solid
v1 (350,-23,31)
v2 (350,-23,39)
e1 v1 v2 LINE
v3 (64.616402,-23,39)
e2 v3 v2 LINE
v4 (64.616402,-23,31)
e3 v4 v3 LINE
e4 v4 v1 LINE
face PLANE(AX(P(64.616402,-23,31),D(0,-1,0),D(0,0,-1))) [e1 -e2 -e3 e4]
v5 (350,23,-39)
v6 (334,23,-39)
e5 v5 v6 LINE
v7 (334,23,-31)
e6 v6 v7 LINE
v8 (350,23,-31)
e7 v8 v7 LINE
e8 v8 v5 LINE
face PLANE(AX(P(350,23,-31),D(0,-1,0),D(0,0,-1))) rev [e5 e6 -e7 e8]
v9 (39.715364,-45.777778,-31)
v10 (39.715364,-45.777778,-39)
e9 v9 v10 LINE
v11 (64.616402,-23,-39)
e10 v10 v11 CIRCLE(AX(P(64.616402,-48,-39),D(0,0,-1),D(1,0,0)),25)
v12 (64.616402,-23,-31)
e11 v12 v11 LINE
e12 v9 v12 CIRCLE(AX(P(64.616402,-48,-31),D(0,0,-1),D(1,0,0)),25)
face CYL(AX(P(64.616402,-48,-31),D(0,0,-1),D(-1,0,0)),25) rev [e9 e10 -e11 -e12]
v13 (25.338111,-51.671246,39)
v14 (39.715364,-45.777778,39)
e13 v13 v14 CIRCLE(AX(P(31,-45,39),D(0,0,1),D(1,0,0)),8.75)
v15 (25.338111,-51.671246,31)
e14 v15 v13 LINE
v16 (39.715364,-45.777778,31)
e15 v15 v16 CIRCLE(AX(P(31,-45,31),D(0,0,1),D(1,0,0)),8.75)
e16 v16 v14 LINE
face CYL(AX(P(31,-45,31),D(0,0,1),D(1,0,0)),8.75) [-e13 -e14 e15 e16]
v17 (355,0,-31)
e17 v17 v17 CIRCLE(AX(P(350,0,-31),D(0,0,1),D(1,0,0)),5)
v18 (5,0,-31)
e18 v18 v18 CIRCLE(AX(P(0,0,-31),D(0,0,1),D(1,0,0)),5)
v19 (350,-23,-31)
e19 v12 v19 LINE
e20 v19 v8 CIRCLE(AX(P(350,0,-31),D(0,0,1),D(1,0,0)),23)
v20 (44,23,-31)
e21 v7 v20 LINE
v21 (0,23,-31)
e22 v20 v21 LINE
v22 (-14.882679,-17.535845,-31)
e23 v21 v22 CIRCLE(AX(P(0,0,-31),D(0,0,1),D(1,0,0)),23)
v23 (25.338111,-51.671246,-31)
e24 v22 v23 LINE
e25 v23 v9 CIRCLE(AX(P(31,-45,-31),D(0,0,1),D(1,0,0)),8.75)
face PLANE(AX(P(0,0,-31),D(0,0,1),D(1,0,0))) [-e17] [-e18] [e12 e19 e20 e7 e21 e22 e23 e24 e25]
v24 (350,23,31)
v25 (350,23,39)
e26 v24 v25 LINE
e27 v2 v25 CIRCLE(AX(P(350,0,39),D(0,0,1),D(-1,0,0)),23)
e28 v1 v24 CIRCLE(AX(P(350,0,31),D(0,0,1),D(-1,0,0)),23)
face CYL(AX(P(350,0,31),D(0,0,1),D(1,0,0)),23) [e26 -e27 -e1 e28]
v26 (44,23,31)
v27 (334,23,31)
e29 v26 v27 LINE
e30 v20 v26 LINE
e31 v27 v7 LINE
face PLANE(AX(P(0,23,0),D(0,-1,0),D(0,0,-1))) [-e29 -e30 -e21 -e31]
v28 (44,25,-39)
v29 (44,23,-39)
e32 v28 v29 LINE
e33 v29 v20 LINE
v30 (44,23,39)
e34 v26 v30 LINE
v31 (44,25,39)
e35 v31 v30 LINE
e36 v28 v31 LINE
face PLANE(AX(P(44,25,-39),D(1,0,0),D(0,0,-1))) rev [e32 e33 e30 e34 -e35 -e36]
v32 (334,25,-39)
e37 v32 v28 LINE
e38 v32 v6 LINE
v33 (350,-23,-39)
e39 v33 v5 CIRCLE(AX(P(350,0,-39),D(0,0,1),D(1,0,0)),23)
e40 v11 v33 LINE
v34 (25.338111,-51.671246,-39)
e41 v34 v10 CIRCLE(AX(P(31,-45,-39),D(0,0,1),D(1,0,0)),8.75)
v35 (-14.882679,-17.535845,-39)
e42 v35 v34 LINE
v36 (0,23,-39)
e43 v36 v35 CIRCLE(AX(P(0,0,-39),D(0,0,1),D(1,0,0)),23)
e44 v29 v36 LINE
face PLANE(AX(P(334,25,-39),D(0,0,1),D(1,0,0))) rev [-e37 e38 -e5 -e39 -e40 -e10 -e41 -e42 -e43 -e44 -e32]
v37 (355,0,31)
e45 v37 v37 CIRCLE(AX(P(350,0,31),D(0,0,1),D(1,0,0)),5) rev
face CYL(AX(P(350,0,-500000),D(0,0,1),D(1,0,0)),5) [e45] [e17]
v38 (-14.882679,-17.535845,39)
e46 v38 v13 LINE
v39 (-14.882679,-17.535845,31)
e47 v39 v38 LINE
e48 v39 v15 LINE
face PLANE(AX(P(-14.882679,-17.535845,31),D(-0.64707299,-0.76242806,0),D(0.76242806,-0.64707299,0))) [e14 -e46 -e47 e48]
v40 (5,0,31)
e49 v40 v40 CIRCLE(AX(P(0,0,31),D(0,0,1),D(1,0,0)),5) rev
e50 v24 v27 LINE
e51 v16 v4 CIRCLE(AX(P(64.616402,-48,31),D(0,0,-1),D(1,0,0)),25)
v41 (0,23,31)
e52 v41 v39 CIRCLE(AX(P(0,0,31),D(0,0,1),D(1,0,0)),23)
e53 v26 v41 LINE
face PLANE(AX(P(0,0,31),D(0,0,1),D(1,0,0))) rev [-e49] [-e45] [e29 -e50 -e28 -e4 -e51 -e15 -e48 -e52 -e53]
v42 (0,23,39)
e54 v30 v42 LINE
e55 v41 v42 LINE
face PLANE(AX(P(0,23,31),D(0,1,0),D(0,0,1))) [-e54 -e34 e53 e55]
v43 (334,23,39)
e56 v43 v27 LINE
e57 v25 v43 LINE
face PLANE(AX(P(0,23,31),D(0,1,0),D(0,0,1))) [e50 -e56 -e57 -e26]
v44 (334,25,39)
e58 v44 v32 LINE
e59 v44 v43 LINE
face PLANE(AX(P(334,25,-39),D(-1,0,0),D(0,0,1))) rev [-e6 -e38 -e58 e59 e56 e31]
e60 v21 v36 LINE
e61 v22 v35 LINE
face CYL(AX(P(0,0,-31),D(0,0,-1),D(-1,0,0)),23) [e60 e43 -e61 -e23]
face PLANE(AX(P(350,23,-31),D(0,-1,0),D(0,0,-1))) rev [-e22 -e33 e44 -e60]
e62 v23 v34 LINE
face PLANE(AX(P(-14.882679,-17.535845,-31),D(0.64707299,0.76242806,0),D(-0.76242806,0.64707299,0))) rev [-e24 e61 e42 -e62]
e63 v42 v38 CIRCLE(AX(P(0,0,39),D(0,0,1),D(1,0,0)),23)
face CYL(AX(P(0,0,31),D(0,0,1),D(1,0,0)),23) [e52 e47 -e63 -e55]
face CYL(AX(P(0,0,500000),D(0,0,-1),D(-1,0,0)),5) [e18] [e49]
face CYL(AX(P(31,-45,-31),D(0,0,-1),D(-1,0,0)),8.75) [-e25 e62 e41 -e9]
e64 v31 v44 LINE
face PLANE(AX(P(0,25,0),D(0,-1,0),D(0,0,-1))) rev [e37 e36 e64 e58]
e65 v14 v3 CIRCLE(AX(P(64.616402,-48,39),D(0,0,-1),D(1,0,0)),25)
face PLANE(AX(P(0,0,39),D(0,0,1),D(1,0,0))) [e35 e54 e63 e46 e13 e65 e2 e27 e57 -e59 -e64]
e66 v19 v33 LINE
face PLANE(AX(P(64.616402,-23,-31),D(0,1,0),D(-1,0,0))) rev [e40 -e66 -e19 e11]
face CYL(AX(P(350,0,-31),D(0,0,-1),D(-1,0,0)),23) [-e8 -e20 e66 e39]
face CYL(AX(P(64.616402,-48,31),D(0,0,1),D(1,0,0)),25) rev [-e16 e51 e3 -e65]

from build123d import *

# Parameters (mm, degrees)
SALIENTE_EXTRUIR1_DEPTH = 8
SALIENTE_EXTRUIR2_DEPTH = 8
CROQUIS3_W              = 290
CROQUIS3_H              = 78
SALIENTE_EXTRUIR3_DEPTH = 2
SALIENTE_EXTRUIR4_REACH = 385.299
CROQUIS4_R              = 5
SALIENTE_EXTRUIR5_REACH = 385.299
CROQUIS5_R              = 5


with BuildPart() as part:
    # Croquis1 → Saliente-Extruir1 (new body)
    with BuildSketch(Plane.XY.offset(39)):
        with BuildLine():
            Line((-14.882678763, -17.53584537), (25.33811134, -51.671245521))
            ThreePointArc((25.33811134, -51.671245521), (34.318759969, -53.096192455), (39.715363545, -45.777777778))
            ThreePointArc((39.715363545, -45.777777778), (47.742688304, -29.553380316), (64.616402247, -23))
            Line((64.616402247, -23), (350, -23))
            ThreePointArc((350, -23), (373, 0), (350, 23))
            Line((350, 23), (0, 23))
            ThreePointArc((0, 23), (-21.590790207, 7.927028336), (-14.882678763, -17.53584537))
        make_face()
    extrude(amount=-SALIENTE_EXTRUIR1_DEPTH)



with BuildPart() as body_2:
    # Croquis2 → Saliente-Extruir2 (new body)
    with BuildSketch(Plane.XY.offset(-39)):
        with BuildLine():
            Line((-14.882678763, -17.53584537), (25.33811134, -51.671245521))
            ThreePointArc((25.33811134, -51.671245521), (34.318759969, -53.096192455), (39.715363545, -45.777777778))
            ThreePointArc((39.715363545, -45.777777778), (47.742688304, -29.553380316), (64.616402247, -23))
            Line((64.616402247, -23), (350, -23))
            ThreePointArc((350, -23), (373, 0), (350, 23))
            Line((350, 23), (0, 23))
            ThreePointArc((0, 23), (-21.590790207, 7.927028336), (-14.882678763, -17.53584537))
        make_face()
    extrude(amount=SALIENTE_EXTRUIR2_DEPTH)


with BuildPart() as part_1:
    add(part.part)

    add(body_2.part)  # Saliente-Extruir3 merges body 2
    # Croquis3 → Saliente-Extruir3 (add)
    with BuildSketch(Plane(origin=(0, 23, 0), x_dir=(1, 0, 0), z_dir=(0, 1, 0))):
        with Locations((189, 0)):
            Rectangle(CROQUIS3_W, CROQUIS3_H)
    extrude(amount=SALIENTE_EXTRUIR3_DEPTH)

    # Croquis4 → Saliente-Extruir4 (add, up to next)
    with BuildSketch(Plane.XY.offset(-31), mode=Mode.PRIVATE) as saliente_extruir4_sk1:
        Circle(CROQUIS4_R)
    saliente_extruir4_tool1 = extrude(saliente_extruir4_sk1.sketch, amount=SALIENTE_EXTRUIR4_REACH, mode=Mode.PRIVATE) - part_1.part
    add(saliente_extruir4_tool1.solids().sort_by_distance((0, 0, -31))[0])

    # Croquis5 → Saliente-Extruir5 (add, up to next)
    with BuildSketch(Plane(origin=(0, 0, 31), x_dir=(-1, 0, 0), z_dir=(0, 0, -1)), mode=Mode.PRIVATE) as saliente_extruir5_sk1:
        with Locations(Location((-350, 0, 0), (0, 0, 180))):
            Circle(CROQUIS5_R)
    saliente_extruir5_tool1 = extrude(saliente_extruir5_sk1.sketch, amount=SALIENTE_EXTRUIR5_REACH, mode=Mode.PRIVATE) - part_1.part
    add(saliente_extruir5_tool1.solids().sort_by_distance((350, 0, 31))[0])


solid = part_1.part
